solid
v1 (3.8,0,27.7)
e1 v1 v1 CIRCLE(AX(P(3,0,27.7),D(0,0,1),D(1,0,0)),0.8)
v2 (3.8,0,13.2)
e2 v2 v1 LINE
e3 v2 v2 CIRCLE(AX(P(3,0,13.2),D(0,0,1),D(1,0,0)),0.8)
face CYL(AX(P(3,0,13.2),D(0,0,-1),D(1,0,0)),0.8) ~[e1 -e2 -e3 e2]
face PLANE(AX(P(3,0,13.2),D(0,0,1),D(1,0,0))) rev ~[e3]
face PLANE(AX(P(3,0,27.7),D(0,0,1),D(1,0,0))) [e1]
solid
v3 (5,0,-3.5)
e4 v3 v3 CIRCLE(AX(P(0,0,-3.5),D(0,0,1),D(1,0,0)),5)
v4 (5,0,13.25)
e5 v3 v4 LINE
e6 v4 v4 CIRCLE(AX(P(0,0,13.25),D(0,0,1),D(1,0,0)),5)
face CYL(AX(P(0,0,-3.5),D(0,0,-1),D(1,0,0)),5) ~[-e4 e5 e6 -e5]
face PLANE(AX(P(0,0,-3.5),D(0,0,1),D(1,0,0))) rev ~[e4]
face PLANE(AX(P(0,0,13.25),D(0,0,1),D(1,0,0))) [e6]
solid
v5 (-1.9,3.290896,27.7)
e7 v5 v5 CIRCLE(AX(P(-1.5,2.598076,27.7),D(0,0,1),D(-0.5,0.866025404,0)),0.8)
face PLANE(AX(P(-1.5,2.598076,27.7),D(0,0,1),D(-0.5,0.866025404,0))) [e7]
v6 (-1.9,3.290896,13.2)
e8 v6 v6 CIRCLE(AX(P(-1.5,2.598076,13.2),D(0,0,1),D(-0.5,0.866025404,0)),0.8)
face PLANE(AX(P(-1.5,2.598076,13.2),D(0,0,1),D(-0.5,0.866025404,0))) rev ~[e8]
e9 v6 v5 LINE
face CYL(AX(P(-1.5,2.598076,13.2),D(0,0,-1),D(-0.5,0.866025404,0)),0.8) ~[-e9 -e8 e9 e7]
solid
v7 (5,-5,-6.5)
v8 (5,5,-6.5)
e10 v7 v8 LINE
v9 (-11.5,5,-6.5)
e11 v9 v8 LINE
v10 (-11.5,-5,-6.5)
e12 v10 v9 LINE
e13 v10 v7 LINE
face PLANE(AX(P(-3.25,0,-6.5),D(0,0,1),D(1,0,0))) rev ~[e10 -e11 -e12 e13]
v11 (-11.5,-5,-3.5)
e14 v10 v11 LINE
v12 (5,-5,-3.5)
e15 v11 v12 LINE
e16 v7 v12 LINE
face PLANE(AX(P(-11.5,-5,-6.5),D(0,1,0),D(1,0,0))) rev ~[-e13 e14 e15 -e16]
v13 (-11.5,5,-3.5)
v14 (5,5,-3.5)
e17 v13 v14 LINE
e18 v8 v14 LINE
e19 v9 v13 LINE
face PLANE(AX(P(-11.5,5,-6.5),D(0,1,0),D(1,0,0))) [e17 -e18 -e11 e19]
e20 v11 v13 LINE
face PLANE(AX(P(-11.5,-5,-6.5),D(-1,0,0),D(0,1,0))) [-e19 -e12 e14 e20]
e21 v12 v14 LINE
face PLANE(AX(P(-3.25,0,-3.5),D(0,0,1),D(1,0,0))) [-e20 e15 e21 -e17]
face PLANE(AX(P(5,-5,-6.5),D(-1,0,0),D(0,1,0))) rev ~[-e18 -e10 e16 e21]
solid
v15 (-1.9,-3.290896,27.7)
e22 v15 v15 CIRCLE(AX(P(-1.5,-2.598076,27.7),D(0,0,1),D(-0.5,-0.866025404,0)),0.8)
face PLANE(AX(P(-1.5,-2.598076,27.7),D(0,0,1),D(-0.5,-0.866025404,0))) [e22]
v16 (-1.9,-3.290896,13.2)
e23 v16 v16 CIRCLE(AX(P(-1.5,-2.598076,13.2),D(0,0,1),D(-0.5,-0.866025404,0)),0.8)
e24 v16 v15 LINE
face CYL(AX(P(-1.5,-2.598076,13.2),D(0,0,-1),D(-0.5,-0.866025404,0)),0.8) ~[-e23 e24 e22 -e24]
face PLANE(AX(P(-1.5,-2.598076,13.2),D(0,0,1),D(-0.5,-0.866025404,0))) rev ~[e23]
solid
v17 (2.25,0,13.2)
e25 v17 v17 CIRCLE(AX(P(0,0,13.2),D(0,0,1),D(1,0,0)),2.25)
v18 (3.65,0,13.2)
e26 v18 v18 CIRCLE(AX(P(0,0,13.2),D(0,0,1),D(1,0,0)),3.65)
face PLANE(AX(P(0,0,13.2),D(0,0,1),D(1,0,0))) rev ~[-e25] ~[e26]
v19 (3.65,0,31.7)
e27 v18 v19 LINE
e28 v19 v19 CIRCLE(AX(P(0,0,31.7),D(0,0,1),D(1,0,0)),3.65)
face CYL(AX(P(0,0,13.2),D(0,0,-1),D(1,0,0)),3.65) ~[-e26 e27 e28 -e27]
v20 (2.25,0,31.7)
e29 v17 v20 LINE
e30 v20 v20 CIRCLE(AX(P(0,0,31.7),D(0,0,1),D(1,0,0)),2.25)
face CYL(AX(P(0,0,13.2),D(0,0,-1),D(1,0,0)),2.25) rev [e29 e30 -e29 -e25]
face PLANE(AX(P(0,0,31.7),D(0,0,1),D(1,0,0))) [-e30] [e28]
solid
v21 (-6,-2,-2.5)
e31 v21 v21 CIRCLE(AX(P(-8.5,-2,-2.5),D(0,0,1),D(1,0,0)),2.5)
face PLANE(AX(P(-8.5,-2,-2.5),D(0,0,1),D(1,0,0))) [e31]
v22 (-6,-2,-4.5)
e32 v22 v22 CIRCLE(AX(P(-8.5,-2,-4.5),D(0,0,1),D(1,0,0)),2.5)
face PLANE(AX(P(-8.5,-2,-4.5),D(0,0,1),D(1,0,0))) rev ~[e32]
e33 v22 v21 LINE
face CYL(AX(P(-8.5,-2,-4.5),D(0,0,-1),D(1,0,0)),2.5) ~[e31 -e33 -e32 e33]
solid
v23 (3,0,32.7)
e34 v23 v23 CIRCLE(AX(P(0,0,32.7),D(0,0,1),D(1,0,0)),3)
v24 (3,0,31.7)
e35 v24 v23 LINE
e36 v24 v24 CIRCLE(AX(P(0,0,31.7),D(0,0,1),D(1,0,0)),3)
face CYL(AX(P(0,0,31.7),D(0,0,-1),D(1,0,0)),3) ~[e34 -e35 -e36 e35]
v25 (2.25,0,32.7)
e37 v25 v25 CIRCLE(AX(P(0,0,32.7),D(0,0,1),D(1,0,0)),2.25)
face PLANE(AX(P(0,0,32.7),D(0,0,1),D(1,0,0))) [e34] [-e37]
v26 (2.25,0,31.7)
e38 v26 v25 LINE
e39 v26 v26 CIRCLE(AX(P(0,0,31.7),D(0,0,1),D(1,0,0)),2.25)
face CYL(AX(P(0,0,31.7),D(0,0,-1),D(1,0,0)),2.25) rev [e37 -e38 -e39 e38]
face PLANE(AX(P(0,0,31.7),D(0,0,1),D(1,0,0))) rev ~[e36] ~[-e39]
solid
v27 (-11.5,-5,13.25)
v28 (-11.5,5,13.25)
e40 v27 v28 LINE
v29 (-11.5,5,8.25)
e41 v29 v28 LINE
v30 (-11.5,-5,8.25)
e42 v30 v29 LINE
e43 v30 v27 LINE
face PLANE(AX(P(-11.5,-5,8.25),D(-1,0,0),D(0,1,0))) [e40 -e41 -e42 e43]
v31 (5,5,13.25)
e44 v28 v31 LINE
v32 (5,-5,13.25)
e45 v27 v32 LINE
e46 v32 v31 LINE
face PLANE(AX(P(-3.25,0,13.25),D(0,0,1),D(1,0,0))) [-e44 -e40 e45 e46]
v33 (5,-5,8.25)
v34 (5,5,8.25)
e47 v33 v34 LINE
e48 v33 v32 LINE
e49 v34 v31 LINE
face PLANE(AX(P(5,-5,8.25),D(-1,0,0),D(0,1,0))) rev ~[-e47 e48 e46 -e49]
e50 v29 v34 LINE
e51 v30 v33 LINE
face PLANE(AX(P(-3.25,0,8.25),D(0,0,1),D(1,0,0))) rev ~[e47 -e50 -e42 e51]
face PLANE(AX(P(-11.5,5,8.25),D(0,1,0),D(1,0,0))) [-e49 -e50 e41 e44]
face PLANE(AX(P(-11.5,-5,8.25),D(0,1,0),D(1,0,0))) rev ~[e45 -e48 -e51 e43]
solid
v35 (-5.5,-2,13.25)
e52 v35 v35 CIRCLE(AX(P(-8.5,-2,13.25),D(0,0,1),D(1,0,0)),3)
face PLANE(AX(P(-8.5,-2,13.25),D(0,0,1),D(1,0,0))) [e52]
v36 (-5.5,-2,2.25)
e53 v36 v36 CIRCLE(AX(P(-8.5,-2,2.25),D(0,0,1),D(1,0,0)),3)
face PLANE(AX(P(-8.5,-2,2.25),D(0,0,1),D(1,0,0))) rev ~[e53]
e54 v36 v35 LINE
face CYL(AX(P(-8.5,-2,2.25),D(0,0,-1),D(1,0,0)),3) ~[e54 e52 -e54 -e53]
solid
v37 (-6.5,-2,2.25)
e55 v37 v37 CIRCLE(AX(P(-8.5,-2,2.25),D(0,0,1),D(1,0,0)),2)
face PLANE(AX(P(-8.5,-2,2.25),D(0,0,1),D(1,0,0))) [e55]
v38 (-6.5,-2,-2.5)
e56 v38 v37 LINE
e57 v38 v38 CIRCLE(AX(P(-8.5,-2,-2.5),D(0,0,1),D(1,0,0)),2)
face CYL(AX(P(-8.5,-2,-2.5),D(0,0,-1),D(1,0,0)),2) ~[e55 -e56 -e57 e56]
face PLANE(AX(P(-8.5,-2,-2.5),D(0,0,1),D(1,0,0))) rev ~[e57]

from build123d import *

# Parameters (mm, degrees)
CYLINDER_R                  = 3
CYLINDER_DEPTH              = 11
CYLINDER001_R               = 2
CYLINDER001_DEPTH           = 4.75
CYLINDER002_R               = 2.5
CYLINDER002_DEPTH           = 2
CYLINDER006_R               = 0.8
CYLINDER006_DEPTH           = 14.5
CYLINDER007_R               = 2.25
CYLINDER007_DEPTH           = 18.5
CYLINDER003_R               = 3.65
CYLINDER003_DEPTH           = 18.5
CYLINDER005_R               = 2.25
CYLINDER005_DEPTH           = 1
CYLINDER004_R               = 3
CYLINDER004_DEPTH           = 1
CYLINDER008_R               = 0.8
CYLINDER008_DEPTH           = 14.5
CYLINDER008_PLACEMENT_ANGLE = 120
CYLINDER009_R               = 0.8
CYLINDER009_DEPTH           = 14.5
CYLINDER009_PLACEMENT_ANGLE = 240
BOX_W                       = 16.5
BOX_H                       = 10
BOX_DEPTH                   = 5
CYLINDER010_R               = 5
CYLINDER010_DEPTH           = 16.75
BOX001_W                    = 16.5
BOX001_H                    = 10
BOX001_DEPTH                = 3


with BuildPart() as bottom_upper:
    # Cylinder → Cylinder (new body)
    with BuildSketch(Plane(origin=(-8.5, -2, 2.25), x_dir=(1, 0, 0), z_dir=(0, 0, 1))):
        Circle(CYLINDER_R)
    extrude(amount=CYLINDER_DEPTH)


with BuildPart() as cable_tie_groove:
    # Cylinder001 → Cylinder001 (new body)
    with BuildSketch(Plane(origin=(-8.5, -2, -2.5), x_dir=(1, 0, 0), z_dir=(0, 0, 1))):
        Circle(CYLINDER001_R)
    extrude(amount=CYLINDER001_DEPTH)


with BuildPart() as bottom_lower:
    # Cylinder002 → Cylinder002 (new body)
    with BuildSketch(Plane(origin=(-8.5, -2, -4.5), x_dir=(1, 0, 0), z_dir=(0, 0, 1))):
        Circle(CYLINDER002_R)
    extrude(amount=CYLINDER002_DEPTH)


with BuildPart() as cylinder006:
    # Cylinder006 → Cylinder006 (new body)
    with BuildSketch(Plane(origin=(3, 0, 13.2), x_dir=(1, 0, 0), z_dir=(0, 0, 1))):
        Circle(CYLINDER006_R)
    extrude(amount=CYLINDER006_DEPTH)


with BuildPart() as cylinder007:
    # Cylinder007 → Cylinder007 (new body)
    with BuildSketch(Plane.XY.offset(13.2)):
        Circle(CYLINDER007_R)
    extrude(amount=CYLINDER007_DEPTH)


with BuildPart() as cut:
    # Cylinder003 → Cylinder003 (new body)
    with BuildSketch(Plane.XY.offset(13.2)):
        Circle(CYLINDER003_R)
    extrude(amount=CYLINDER003_DEPTH)

    # Cut: cut Cylinder007
    add(cylinder007.part, mode=Mode.SUBTRACT)


with BuildPart() as cylinder005:
    # Cylinder005 → Cylinder005 (new body)
    with BuildSketch(Plane.XY.offset(31.7)):
        Circle(CYLINDER005_R)
    extrude(amount=CYLINDER005_DEPTH)


with BuildPart() as cut001:
    # Cylinder004 → Cylinder004 (new body)
    with BuildSketch(Plane.XY.offset(31.7)):
        Circle(CYLINDER004_R)
    extrude(amount=CYLINDER004_DEPTH)

    # Cut001: cut Cylinder005
    add(cylinder005.part, mode=Mode.SUBTRACT)


with BuildPart() as cylinder008:
    # Cylinder008 → Cylinder008 (new body)
    with BuildSketch(Plane.XY):
        Circle(CYLINDER008_R)
    extrude(amount=CYLINDER008_DEPTH)


with BuildPart() as cylinder008_1:
    # Cylinder008 placement: moved
    add(cylinder008.part.moved(Location((-1.5, 2.598076, 13.2))).rotate(Axis((-1.5, 2.598076, 13.2), (0, 0, 1)), CYLINDER008_PLACEMENT_ANGLE))


with BuildPart() as cylinder009:
    # Cylinder009 → Cylinder009 (new body)
    with BuildSketch(Plane.XY):
        Circle(CYLINDER009_R)
    extrude(amount=CYLINDER009_DEPTH)


with BuildPart() as cylinder009_1:
    # Cylinder009 placement: moved
    add(cylinder009.part.moved(Location((-1.5, -2.598076, 13.2))).rotate(Axis((-1.5, -2.598076, 13.2), (0, 0, 1)), CYLINDER009_PLACEMENT_ANGLE))


with BuildPart() as cube_top:
    # Box → Box (new body)
    with BuildSketch(Plane(origin=(-11.5, -5, 8.25), x_dir=(1, 0, 0), z_dir=(0, 0, 1))):
        with Locations((8.25, 5)):
            Rectangle(BOX_W, BOX_H)
    extrude(amount=BOX_DEPTH)


with BuildPart() as bottom_other:
    # Cylinder010 → Cylinder010 (new body)
    with BuildSketch(Plane.XY.offset(-3.5)):
        Circle(CYLINDER010_R)
    extrude(amount=CYLINDER010_DEPTH)


with BuildPart() as cube_bottom:
    # Box001 → Box001 (new body)
    with BuildSketch(Plane(origin=(-11.5, -5, -6.5), x_dir=(1, 0, 0), z_dir=(0, 0, 1))):
        with Locations((8.25, 5)):
            Rectangle(BOX001_W, BOX001_H)
    extrude(amount=BOX001_DEPTH)


solid = Compound([bottom_upper.part, cable_tie_groove.part, bottom_lower.part, cylinder006.part, cut.part, cut001.part, cylinder008_1.part, cylinder009_1.part, cube_top.part, bottom_other.part, cube_bottom.part])
